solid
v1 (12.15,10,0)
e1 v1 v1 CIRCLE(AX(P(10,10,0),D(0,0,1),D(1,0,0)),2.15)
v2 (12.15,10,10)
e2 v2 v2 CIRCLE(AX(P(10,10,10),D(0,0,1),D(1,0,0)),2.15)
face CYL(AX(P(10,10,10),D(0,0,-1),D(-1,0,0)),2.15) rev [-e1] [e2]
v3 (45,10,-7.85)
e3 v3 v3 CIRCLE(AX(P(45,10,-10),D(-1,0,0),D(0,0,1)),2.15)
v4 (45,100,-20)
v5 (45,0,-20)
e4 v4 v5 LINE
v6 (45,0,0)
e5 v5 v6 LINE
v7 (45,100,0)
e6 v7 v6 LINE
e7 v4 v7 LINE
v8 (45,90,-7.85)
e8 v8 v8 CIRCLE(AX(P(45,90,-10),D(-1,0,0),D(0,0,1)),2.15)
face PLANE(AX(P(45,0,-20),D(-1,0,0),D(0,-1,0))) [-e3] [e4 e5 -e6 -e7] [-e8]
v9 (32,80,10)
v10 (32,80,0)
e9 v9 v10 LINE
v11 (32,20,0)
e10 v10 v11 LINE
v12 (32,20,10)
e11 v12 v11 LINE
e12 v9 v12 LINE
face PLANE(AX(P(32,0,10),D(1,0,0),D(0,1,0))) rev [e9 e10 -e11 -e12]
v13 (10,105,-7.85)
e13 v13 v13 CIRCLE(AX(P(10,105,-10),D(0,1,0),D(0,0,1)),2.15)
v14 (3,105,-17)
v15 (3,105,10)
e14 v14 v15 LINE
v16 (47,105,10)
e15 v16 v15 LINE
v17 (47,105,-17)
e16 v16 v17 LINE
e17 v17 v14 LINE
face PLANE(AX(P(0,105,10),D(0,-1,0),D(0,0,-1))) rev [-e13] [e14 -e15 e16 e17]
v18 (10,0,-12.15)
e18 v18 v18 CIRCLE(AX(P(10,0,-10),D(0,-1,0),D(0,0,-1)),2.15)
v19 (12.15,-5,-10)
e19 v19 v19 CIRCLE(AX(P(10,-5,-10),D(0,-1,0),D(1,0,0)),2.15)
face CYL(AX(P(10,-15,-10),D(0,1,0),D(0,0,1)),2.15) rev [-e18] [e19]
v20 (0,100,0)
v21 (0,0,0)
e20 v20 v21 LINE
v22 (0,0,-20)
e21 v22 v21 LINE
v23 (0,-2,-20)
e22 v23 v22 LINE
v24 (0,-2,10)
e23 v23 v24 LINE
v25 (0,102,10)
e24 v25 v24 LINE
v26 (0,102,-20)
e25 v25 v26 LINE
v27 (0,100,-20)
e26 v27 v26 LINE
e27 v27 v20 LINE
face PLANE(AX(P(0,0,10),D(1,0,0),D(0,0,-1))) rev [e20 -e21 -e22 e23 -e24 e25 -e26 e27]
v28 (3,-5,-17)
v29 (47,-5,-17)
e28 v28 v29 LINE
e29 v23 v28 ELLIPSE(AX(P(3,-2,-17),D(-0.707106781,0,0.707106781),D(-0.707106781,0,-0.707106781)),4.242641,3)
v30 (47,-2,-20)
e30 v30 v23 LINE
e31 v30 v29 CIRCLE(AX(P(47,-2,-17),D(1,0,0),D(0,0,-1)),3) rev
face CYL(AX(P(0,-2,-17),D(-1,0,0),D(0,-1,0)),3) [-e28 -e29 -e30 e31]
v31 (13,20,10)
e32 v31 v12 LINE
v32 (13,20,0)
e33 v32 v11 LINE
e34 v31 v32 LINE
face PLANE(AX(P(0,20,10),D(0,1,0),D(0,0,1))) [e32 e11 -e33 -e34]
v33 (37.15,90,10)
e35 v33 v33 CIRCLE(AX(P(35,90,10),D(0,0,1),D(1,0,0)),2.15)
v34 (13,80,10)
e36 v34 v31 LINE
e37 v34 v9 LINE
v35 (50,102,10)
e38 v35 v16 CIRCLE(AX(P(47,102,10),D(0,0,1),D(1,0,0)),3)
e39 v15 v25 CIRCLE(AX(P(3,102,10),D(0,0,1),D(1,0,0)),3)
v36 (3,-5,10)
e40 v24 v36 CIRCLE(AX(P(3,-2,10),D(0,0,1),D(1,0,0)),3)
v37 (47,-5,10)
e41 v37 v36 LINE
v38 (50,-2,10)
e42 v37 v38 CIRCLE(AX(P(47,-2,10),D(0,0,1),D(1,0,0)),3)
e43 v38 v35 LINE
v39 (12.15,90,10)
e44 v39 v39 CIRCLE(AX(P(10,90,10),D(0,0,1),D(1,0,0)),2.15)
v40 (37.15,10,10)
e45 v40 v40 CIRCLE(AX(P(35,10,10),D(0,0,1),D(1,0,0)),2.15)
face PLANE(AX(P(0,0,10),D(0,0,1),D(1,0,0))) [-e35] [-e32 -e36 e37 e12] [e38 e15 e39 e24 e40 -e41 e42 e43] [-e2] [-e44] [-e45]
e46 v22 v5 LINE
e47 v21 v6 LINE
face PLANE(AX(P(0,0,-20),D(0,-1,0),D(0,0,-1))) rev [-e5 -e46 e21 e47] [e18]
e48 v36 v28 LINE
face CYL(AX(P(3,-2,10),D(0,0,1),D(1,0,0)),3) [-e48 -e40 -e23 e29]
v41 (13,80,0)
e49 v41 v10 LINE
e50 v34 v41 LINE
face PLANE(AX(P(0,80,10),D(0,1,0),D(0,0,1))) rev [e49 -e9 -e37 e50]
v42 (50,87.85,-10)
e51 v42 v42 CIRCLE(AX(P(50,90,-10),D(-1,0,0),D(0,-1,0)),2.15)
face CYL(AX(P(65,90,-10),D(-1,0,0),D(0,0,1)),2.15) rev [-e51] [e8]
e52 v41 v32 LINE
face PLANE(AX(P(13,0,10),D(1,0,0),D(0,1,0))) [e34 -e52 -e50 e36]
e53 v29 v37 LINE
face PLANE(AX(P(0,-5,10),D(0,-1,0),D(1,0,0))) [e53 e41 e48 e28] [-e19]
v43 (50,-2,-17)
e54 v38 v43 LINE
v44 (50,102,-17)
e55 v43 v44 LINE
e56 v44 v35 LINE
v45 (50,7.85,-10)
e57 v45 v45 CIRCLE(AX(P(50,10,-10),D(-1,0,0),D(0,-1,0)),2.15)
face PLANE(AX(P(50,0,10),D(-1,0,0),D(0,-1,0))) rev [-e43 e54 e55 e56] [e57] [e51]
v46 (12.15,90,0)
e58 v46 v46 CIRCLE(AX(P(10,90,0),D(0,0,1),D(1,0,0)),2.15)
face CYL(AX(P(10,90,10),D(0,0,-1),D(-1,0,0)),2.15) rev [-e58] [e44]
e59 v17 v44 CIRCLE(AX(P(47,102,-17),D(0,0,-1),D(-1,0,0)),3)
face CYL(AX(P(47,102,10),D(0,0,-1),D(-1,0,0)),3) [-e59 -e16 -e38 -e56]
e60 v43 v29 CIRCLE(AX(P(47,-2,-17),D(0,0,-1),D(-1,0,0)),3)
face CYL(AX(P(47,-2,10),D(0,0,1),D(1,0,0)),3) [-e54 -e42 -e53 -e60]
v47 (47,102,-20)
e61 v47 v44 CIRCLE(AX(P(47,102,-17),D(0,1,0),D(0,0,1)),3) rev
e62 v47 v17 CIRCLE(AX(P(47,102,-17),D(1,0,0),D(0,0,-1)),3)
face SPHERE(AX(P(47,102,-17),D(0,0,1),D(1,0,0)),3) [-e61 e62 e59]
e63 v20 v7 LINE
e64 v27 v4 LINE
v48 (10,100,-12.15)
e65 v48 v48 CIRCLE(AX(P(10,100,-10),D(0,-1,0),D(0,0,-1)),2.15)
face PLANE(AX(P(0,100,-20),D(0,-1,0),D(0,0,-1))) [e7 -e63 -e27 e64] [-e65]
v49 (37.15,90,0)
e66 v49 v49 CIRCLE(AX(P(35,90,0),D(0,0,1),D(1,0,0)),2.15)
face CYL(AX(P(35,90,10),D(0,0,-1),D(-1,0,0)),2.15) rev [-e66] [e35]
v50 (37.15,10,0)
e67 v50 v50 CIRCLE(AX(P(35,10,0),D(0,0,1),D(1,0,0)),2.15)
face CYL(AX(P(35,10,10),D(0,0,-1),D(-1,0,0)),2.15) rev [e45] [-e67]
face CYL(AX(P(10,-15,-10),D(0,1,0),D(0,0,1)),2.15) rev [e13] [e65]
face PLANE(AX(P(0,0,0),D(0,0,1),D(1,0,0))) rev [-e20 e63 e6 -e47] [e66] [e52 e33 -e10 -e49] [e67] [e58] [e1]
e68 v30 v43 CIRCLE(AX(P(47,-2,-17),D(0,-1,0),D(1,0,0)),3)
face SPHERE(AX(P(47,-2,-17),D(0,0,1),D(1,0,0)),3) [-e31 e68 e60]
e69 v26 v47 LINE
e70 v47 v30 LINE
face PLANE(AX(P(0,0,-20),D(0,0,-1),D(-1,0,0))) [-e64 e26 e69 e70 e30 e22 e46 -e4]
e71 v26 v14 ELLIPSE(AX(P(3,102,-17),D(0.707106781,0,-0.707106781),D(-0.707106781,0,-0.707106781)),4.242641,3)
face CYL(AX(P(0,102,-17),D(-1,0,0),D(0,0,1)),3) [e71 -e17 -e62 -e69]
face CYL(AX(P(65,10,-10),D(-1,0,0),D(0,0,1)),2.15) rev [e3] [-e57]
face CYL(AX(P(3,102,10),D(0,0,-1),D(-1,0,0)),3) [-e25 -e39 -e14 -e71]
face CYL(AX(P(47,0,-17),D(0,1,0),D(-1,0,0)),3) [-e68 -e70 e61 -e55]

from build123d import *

# Parameters (mm, degrees)
SKIZZE1_W                       = 19
SKIZZE1_H                       = 60
SKIZZE1_R                       = 2.15
AUFSATZ_LINEAR_AUSTRAGEN2_DEPTH = 10
SKIZZE3_W                       = 45
SKIZZE3_H                       = 5
AUFSATZ_LINEAR_AUSTRAGEN3_DEPTH = 20
SKIZZE4_R                       = 2.15
SCHNITT_LINEAR_AUSTRAGEN1_DEPTH = 20
SKIZZE5_R                       = 2.15
SCHNITT_LINEAR_AUSTRAGEN2_DEPTH = 120
VERRUNDUNG1_R                   = 3


with BuildPart() as part:
    # Skizze1 → Aufsatz-Linear austragen2 (new body)
    with BuildSketch(Plane.XY):
        Polygon((0, -5), (50, -5), (50, 105), (0, 105), (0, 90), (0, 10), align=None)
        with Locations((22.5, 50)):
            Rectangle(SKIZZE1_W, SKIZZE1_H, mode=Mode.SUBTRACT)
        with Locations((35, 10)):
            Circle(SKIZZE1_R, mode=Mode.SUBTRACT)
        with Locations((10, 10)):
            Circle(SKIZZE1_R, mode=Mode.SUBTRACT)
        with Locations((35, 90)):
            Circle(SKIZZE1_R, mode=Mode.SUBTRACT)
        with Locations((10, 90)):
            Circle(SKIZZE1_R, mode=Mode.SUBTRACT)
    extrude(amount=AUFSATZ_LINEAR_AUSTRAGEN2_DEPTH)

    # Skizze3 → Aufsatz-Linear austragen3 (add)
    with BuildSketch(Plane(origin=(0, 0, 0), x_dir=(-1, 0, 0), z_dir=(0, 0, -1))):
        Polygon((-45, 105), (-50, 105), (-50, -5), (-45, -5), (-45, 0), (-45, 100), align=None)
        with Locations((-22.5, 102.5)):
            Rectangle(SKIZZE3_W, SKIZZE3_H)
        with Locations((-22.5, -2.5)):
            Rectangle(SKIZZE3_W, SKIZZE3_H)
    extrude(amount=AUFSATZ_LINEAR_AUSTRAGEN3_DEPTH)

    # Skizze4 → Schnitt-Linear austragen1 (cut)
    with BuildSketch(Plane.ZY.offset(-45)):
        with Locations((-10, 90)):
            Circle(SKIZZE4_R)
        with Locations((-10, 10)):
            Circle(SKIZZE4_R)
    extrude(amount=-SCHNITT_LINEAR_AUSTRAGEN1_DEPTH, mode=Mode.SUBTRACT)

    # Skizze5 → Schnitt-Linear austragen2 (cut)
    with BuildSketch(Plane(origin=(0, 105, 0), x_dir=(1, 0, 0), z_dir=(0, 1, 0))):
        with Locations((10, 10)):
            Circle(SKIZZE5_R)
    extrude(amount=-SCHNITT_LINEAR_AUSTRAGEN2_DEPTH, mode=Mode.SUBTRACT)

    # Verrundung1
    verrundung1_edges = [part.edges().sort_by_distance(p)[0] for p in [
        (50, 105, -5),
        (50, -5, -5),
        (0, -5, -5),
        (0, 105, -5),
        (25, 105, -20),
        (50, 50, -20),
        (25, -5, -20),
    ]]
    fillet(verrundung1_edges, radius=VERRUNDUNG1_R)


solid = part.part
